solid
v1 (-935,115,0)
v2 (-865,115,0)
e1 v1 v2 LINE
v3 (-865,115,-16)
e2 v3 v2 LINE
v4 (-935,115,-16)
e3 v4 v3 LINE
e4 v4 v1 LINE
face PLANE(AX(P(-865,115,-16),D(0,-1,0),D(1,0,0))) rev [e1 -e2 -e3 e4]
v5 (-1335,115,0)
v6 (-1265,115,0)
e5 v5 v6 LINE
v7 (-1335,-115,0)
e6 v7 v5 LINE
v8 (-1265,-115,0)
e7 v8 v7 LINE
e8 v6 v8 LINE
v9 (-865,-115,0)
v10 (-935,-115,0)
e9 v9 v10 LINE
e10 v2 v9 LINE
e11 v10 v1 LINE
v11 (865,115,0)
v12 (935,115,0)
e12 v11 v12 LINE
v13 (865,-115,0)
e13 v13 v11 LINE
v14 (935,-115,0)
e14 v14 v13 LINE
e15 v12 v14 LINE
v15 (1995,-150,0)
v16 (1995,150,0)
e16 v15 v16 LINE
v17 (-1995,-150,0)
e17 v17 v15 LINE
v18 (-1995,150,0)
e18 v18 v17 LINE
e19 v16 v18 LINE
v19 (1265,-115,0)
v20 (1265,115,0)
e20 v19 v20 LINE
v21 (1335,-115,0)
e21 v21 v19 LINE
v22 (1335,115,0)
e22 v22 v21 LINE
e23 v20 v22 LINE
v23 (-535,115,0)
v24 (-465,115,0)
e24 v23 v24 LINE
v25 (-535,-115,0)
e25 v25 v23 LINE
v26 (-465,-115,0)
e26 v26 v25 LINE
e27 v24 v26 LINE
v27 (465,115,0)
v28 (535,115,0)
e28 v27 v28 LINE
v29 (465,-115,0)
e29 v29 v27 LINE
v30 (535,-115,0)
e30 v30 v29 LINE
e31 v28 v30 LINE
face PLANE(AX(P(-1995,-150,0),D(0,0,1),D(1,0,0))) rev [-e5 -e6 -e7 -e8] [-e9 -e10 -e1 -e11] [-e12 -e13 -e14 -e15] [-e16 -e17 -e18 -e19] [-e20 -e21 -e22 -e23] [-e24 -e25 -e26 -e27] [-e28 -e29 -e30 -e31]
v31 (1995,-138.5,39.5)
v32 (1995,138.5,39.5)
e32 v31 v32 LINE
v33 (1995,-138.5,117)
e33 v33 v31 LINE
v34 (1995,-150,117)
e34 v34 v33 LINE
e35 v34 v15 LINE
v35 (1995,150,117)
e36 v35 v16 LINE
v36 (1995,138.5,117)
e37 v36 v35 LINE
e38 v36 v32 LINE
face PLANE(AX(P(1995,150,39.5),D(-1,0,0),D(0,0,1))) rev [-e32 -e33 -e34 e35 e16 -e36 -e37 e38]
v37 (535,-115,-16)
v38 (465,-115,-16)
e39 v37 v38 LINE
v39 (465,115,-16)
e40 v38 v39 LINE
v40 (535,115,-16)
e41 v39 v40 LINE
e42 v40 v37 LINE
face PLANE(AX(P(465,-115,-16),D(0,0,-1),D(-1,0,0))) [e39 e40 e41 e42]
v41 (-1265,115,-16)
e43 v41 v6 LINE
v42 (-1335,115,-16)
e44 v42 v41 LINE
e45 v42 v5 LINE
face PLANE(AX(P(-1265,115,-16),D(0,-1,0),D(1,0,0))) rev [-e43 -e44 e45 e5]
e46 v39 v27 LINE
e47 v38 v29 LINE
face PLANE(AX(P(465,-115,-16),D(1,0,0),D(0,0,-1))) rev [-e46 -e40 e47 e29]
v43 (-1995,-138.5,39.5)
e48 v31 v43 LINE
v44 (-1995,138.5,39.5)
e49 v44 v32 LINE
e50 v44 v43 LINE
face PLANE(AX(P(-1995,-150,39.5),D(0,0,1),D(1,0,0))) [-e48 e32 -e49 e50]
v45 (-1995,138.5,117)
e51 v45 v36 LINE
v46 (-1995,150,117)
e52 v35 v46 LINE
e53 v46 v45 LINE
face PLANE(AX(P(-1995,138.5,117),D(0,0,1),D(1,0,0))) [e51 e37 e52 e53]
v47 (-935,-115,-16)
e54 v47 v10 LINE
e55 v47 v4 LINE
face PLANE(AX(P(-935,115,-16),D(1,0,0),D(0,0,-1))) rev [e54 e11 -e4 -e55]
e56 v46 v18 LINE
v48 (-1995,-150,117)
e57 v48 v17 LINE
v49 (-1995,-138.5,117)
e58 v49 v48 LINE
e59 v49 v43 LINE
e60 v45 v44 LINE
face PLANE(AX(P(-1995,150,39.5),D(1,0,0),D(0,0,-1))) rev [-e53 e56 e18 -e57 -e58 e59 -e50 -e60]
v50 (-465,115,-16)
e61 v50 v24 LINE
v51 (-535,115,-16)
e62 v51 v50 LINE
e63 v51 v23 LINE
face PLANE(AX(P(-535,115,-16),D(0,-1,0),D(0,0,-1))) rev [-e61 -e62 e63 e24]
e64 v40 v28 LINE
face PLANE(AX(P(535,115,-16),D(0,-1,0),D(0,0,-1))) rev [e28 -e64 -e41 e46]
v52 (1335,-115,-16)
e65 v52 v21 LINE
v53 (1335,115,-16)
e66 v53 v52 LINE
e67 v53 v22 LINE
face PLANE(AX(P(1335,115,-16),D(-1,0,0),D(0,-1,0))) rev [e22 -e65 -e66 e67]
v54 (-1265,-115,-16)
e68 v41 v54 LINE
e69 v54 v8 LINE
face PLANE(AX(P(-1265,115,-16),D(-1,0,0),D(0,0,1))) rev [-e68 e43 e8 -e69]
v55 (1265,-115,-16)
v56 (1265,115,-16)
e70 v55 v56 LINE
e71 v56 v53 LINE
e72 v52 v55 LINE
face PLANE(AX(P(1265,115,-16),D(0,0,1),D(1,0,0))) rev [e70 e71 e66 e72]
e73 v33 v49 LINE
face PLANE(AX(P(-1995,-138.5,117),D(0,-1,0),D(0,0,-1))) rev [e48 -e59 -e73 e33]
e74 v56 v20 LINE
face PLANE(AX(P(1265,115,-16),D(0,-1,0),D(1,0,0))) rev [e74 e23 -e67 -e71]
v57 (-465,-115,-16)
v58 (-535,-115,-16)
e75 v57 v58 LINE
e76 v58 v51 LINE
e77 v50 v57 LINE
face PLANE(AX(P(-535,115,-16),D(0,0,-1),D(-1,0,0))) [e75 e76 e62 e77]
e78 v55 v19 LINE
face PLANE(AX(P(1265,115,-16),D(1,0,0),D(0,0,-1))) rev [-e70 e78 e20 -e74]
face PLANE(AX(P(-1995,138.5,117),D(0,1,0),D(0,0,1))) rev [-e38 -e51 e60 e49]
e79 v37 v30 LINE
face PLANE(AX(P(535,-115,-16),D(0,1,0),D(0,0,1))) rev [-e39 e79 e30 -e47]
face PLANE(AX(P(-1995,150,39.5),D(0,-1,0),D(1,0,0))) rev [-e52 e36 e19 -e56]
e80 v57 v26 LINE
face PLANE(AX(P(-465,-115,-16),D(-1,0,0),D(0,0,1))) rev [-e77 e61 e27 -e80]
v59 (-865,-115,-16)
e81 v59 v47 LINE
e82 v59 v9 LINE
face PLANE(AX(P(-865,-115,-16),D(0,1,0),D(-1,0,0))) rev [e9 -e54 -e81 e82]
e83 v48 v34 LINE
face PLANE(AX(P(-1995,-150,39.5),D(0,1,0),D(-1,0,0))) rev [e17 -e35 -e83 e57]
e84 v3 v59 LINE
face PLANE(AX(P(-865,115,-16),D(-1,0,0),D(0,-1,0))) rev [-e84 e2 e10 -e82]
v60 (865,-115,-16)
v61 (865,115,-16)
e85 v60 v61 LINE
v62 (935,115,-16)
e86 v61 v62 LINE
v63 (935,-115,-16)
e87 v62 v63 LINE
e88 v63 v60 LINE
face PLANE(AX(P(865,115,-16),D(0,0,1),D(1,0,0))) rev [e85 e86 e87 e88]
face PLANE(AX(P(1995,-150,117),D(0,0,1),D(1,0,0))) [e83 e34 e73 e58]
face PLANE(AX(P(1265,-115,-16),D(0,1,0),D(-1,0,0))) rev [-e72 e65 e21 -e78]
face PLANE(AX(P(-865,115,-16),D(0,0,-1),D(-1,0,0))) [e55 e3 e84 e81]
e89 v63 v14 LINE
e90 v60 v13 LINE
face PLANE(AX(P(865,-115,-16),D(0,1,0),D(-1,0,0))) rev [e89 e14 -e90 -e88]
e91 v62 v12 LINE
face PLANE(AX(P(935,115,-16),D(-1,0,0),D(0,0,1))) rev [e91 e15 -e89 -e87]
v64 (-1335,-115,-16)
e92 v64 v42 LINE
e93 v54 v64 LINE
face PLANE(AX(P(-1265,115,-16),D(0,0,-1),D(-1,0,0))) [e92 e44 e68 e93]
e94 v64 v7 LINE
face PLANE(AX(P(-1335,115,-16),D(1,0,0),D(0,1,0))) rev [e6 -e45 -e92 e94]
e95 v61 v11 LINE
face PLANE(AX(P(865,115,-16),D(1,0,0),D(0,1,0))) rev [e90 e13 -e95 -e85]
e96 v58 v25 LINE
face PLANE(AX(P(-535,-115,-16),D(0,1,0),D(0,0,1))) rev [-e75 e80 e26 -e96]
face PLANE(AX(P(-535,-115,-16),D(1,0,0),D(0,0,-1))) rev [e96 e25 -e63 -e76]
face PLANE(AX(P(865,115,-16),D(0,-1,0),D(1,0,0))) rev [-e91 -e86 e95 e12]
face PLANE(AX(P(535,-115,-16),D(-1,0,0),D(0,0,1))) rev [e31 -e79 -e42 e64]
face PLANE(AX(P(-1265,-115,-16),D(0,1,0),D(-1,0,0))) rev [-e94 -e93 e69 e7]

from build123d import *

# Parameters (mm, degrees)
SKETCH_1_W         = 3990
SKETCH_1_H         = 300
EXTRUDE_1314_DEPTH = 39.5
SKETCH_2_W         = 3990
SKETCH_2_H         = 11.5
EXTRUDE_1_DEPTH    = 77.5
SKETCH_3_W         = 70
SKETCH_3_H         = 230
EXTRUDE_2_DEPTH    = 16


with BuildPart() as part:
    # 草图1 → Extrude 1314 (new body)
    with BuildSketch(Plane.XY):
        Rectangle(SKETCH_1_W, SKETCH_1_H)
    extrude(amount=EXTRUDE_1314_DEPTH)

    # 草图2 → 凸台-拉伸1 (add)
    with BuildSketch(Plane.XY.offset(39.5)):
        with Locations((0, 144.25)):
            Rectangle(SKETCH_2_W, SKETCH_2_H)
        with Locations((0, -144.25)):
            Rectangle(SKETCH_2_W, SKETCH_2_H)
    extrude(amount=EXTRUDE_1_DEPTH)

    # 草图3 → 凸台-拉伸2 (add)
    with BuildSketch(Plane(origin=(0, 0, 0), x_dir=(-1, 0, 0), z_dir=(0, 0, -1))):
        with Locations((1300, 0)):
            Rectangle(SKETCH_3_W, SKETCH_3_H)
        with Locations((900, 0)):
            Rectangle(SKETCH_3_W, SKETCH_3_H)
        with Locations((-1300, 0)):
            Rectangle(SKETCH_3_W, SKETCH_3_H)
        with Locations((500, 0)):
            Rectangle(SKETCH_3_W, SKETCH_3_H)
        with Locations((-900, 0)):
            Rectangle(SKETCH_3_W, SKETCH_3_H)
        with Locations((-500, 0)):
            Rectangle(SKETCH_3_W, SKETCH_3_H)
    extrude(amount=EXTRUDE_2_DEPTH)


solid = part.part
